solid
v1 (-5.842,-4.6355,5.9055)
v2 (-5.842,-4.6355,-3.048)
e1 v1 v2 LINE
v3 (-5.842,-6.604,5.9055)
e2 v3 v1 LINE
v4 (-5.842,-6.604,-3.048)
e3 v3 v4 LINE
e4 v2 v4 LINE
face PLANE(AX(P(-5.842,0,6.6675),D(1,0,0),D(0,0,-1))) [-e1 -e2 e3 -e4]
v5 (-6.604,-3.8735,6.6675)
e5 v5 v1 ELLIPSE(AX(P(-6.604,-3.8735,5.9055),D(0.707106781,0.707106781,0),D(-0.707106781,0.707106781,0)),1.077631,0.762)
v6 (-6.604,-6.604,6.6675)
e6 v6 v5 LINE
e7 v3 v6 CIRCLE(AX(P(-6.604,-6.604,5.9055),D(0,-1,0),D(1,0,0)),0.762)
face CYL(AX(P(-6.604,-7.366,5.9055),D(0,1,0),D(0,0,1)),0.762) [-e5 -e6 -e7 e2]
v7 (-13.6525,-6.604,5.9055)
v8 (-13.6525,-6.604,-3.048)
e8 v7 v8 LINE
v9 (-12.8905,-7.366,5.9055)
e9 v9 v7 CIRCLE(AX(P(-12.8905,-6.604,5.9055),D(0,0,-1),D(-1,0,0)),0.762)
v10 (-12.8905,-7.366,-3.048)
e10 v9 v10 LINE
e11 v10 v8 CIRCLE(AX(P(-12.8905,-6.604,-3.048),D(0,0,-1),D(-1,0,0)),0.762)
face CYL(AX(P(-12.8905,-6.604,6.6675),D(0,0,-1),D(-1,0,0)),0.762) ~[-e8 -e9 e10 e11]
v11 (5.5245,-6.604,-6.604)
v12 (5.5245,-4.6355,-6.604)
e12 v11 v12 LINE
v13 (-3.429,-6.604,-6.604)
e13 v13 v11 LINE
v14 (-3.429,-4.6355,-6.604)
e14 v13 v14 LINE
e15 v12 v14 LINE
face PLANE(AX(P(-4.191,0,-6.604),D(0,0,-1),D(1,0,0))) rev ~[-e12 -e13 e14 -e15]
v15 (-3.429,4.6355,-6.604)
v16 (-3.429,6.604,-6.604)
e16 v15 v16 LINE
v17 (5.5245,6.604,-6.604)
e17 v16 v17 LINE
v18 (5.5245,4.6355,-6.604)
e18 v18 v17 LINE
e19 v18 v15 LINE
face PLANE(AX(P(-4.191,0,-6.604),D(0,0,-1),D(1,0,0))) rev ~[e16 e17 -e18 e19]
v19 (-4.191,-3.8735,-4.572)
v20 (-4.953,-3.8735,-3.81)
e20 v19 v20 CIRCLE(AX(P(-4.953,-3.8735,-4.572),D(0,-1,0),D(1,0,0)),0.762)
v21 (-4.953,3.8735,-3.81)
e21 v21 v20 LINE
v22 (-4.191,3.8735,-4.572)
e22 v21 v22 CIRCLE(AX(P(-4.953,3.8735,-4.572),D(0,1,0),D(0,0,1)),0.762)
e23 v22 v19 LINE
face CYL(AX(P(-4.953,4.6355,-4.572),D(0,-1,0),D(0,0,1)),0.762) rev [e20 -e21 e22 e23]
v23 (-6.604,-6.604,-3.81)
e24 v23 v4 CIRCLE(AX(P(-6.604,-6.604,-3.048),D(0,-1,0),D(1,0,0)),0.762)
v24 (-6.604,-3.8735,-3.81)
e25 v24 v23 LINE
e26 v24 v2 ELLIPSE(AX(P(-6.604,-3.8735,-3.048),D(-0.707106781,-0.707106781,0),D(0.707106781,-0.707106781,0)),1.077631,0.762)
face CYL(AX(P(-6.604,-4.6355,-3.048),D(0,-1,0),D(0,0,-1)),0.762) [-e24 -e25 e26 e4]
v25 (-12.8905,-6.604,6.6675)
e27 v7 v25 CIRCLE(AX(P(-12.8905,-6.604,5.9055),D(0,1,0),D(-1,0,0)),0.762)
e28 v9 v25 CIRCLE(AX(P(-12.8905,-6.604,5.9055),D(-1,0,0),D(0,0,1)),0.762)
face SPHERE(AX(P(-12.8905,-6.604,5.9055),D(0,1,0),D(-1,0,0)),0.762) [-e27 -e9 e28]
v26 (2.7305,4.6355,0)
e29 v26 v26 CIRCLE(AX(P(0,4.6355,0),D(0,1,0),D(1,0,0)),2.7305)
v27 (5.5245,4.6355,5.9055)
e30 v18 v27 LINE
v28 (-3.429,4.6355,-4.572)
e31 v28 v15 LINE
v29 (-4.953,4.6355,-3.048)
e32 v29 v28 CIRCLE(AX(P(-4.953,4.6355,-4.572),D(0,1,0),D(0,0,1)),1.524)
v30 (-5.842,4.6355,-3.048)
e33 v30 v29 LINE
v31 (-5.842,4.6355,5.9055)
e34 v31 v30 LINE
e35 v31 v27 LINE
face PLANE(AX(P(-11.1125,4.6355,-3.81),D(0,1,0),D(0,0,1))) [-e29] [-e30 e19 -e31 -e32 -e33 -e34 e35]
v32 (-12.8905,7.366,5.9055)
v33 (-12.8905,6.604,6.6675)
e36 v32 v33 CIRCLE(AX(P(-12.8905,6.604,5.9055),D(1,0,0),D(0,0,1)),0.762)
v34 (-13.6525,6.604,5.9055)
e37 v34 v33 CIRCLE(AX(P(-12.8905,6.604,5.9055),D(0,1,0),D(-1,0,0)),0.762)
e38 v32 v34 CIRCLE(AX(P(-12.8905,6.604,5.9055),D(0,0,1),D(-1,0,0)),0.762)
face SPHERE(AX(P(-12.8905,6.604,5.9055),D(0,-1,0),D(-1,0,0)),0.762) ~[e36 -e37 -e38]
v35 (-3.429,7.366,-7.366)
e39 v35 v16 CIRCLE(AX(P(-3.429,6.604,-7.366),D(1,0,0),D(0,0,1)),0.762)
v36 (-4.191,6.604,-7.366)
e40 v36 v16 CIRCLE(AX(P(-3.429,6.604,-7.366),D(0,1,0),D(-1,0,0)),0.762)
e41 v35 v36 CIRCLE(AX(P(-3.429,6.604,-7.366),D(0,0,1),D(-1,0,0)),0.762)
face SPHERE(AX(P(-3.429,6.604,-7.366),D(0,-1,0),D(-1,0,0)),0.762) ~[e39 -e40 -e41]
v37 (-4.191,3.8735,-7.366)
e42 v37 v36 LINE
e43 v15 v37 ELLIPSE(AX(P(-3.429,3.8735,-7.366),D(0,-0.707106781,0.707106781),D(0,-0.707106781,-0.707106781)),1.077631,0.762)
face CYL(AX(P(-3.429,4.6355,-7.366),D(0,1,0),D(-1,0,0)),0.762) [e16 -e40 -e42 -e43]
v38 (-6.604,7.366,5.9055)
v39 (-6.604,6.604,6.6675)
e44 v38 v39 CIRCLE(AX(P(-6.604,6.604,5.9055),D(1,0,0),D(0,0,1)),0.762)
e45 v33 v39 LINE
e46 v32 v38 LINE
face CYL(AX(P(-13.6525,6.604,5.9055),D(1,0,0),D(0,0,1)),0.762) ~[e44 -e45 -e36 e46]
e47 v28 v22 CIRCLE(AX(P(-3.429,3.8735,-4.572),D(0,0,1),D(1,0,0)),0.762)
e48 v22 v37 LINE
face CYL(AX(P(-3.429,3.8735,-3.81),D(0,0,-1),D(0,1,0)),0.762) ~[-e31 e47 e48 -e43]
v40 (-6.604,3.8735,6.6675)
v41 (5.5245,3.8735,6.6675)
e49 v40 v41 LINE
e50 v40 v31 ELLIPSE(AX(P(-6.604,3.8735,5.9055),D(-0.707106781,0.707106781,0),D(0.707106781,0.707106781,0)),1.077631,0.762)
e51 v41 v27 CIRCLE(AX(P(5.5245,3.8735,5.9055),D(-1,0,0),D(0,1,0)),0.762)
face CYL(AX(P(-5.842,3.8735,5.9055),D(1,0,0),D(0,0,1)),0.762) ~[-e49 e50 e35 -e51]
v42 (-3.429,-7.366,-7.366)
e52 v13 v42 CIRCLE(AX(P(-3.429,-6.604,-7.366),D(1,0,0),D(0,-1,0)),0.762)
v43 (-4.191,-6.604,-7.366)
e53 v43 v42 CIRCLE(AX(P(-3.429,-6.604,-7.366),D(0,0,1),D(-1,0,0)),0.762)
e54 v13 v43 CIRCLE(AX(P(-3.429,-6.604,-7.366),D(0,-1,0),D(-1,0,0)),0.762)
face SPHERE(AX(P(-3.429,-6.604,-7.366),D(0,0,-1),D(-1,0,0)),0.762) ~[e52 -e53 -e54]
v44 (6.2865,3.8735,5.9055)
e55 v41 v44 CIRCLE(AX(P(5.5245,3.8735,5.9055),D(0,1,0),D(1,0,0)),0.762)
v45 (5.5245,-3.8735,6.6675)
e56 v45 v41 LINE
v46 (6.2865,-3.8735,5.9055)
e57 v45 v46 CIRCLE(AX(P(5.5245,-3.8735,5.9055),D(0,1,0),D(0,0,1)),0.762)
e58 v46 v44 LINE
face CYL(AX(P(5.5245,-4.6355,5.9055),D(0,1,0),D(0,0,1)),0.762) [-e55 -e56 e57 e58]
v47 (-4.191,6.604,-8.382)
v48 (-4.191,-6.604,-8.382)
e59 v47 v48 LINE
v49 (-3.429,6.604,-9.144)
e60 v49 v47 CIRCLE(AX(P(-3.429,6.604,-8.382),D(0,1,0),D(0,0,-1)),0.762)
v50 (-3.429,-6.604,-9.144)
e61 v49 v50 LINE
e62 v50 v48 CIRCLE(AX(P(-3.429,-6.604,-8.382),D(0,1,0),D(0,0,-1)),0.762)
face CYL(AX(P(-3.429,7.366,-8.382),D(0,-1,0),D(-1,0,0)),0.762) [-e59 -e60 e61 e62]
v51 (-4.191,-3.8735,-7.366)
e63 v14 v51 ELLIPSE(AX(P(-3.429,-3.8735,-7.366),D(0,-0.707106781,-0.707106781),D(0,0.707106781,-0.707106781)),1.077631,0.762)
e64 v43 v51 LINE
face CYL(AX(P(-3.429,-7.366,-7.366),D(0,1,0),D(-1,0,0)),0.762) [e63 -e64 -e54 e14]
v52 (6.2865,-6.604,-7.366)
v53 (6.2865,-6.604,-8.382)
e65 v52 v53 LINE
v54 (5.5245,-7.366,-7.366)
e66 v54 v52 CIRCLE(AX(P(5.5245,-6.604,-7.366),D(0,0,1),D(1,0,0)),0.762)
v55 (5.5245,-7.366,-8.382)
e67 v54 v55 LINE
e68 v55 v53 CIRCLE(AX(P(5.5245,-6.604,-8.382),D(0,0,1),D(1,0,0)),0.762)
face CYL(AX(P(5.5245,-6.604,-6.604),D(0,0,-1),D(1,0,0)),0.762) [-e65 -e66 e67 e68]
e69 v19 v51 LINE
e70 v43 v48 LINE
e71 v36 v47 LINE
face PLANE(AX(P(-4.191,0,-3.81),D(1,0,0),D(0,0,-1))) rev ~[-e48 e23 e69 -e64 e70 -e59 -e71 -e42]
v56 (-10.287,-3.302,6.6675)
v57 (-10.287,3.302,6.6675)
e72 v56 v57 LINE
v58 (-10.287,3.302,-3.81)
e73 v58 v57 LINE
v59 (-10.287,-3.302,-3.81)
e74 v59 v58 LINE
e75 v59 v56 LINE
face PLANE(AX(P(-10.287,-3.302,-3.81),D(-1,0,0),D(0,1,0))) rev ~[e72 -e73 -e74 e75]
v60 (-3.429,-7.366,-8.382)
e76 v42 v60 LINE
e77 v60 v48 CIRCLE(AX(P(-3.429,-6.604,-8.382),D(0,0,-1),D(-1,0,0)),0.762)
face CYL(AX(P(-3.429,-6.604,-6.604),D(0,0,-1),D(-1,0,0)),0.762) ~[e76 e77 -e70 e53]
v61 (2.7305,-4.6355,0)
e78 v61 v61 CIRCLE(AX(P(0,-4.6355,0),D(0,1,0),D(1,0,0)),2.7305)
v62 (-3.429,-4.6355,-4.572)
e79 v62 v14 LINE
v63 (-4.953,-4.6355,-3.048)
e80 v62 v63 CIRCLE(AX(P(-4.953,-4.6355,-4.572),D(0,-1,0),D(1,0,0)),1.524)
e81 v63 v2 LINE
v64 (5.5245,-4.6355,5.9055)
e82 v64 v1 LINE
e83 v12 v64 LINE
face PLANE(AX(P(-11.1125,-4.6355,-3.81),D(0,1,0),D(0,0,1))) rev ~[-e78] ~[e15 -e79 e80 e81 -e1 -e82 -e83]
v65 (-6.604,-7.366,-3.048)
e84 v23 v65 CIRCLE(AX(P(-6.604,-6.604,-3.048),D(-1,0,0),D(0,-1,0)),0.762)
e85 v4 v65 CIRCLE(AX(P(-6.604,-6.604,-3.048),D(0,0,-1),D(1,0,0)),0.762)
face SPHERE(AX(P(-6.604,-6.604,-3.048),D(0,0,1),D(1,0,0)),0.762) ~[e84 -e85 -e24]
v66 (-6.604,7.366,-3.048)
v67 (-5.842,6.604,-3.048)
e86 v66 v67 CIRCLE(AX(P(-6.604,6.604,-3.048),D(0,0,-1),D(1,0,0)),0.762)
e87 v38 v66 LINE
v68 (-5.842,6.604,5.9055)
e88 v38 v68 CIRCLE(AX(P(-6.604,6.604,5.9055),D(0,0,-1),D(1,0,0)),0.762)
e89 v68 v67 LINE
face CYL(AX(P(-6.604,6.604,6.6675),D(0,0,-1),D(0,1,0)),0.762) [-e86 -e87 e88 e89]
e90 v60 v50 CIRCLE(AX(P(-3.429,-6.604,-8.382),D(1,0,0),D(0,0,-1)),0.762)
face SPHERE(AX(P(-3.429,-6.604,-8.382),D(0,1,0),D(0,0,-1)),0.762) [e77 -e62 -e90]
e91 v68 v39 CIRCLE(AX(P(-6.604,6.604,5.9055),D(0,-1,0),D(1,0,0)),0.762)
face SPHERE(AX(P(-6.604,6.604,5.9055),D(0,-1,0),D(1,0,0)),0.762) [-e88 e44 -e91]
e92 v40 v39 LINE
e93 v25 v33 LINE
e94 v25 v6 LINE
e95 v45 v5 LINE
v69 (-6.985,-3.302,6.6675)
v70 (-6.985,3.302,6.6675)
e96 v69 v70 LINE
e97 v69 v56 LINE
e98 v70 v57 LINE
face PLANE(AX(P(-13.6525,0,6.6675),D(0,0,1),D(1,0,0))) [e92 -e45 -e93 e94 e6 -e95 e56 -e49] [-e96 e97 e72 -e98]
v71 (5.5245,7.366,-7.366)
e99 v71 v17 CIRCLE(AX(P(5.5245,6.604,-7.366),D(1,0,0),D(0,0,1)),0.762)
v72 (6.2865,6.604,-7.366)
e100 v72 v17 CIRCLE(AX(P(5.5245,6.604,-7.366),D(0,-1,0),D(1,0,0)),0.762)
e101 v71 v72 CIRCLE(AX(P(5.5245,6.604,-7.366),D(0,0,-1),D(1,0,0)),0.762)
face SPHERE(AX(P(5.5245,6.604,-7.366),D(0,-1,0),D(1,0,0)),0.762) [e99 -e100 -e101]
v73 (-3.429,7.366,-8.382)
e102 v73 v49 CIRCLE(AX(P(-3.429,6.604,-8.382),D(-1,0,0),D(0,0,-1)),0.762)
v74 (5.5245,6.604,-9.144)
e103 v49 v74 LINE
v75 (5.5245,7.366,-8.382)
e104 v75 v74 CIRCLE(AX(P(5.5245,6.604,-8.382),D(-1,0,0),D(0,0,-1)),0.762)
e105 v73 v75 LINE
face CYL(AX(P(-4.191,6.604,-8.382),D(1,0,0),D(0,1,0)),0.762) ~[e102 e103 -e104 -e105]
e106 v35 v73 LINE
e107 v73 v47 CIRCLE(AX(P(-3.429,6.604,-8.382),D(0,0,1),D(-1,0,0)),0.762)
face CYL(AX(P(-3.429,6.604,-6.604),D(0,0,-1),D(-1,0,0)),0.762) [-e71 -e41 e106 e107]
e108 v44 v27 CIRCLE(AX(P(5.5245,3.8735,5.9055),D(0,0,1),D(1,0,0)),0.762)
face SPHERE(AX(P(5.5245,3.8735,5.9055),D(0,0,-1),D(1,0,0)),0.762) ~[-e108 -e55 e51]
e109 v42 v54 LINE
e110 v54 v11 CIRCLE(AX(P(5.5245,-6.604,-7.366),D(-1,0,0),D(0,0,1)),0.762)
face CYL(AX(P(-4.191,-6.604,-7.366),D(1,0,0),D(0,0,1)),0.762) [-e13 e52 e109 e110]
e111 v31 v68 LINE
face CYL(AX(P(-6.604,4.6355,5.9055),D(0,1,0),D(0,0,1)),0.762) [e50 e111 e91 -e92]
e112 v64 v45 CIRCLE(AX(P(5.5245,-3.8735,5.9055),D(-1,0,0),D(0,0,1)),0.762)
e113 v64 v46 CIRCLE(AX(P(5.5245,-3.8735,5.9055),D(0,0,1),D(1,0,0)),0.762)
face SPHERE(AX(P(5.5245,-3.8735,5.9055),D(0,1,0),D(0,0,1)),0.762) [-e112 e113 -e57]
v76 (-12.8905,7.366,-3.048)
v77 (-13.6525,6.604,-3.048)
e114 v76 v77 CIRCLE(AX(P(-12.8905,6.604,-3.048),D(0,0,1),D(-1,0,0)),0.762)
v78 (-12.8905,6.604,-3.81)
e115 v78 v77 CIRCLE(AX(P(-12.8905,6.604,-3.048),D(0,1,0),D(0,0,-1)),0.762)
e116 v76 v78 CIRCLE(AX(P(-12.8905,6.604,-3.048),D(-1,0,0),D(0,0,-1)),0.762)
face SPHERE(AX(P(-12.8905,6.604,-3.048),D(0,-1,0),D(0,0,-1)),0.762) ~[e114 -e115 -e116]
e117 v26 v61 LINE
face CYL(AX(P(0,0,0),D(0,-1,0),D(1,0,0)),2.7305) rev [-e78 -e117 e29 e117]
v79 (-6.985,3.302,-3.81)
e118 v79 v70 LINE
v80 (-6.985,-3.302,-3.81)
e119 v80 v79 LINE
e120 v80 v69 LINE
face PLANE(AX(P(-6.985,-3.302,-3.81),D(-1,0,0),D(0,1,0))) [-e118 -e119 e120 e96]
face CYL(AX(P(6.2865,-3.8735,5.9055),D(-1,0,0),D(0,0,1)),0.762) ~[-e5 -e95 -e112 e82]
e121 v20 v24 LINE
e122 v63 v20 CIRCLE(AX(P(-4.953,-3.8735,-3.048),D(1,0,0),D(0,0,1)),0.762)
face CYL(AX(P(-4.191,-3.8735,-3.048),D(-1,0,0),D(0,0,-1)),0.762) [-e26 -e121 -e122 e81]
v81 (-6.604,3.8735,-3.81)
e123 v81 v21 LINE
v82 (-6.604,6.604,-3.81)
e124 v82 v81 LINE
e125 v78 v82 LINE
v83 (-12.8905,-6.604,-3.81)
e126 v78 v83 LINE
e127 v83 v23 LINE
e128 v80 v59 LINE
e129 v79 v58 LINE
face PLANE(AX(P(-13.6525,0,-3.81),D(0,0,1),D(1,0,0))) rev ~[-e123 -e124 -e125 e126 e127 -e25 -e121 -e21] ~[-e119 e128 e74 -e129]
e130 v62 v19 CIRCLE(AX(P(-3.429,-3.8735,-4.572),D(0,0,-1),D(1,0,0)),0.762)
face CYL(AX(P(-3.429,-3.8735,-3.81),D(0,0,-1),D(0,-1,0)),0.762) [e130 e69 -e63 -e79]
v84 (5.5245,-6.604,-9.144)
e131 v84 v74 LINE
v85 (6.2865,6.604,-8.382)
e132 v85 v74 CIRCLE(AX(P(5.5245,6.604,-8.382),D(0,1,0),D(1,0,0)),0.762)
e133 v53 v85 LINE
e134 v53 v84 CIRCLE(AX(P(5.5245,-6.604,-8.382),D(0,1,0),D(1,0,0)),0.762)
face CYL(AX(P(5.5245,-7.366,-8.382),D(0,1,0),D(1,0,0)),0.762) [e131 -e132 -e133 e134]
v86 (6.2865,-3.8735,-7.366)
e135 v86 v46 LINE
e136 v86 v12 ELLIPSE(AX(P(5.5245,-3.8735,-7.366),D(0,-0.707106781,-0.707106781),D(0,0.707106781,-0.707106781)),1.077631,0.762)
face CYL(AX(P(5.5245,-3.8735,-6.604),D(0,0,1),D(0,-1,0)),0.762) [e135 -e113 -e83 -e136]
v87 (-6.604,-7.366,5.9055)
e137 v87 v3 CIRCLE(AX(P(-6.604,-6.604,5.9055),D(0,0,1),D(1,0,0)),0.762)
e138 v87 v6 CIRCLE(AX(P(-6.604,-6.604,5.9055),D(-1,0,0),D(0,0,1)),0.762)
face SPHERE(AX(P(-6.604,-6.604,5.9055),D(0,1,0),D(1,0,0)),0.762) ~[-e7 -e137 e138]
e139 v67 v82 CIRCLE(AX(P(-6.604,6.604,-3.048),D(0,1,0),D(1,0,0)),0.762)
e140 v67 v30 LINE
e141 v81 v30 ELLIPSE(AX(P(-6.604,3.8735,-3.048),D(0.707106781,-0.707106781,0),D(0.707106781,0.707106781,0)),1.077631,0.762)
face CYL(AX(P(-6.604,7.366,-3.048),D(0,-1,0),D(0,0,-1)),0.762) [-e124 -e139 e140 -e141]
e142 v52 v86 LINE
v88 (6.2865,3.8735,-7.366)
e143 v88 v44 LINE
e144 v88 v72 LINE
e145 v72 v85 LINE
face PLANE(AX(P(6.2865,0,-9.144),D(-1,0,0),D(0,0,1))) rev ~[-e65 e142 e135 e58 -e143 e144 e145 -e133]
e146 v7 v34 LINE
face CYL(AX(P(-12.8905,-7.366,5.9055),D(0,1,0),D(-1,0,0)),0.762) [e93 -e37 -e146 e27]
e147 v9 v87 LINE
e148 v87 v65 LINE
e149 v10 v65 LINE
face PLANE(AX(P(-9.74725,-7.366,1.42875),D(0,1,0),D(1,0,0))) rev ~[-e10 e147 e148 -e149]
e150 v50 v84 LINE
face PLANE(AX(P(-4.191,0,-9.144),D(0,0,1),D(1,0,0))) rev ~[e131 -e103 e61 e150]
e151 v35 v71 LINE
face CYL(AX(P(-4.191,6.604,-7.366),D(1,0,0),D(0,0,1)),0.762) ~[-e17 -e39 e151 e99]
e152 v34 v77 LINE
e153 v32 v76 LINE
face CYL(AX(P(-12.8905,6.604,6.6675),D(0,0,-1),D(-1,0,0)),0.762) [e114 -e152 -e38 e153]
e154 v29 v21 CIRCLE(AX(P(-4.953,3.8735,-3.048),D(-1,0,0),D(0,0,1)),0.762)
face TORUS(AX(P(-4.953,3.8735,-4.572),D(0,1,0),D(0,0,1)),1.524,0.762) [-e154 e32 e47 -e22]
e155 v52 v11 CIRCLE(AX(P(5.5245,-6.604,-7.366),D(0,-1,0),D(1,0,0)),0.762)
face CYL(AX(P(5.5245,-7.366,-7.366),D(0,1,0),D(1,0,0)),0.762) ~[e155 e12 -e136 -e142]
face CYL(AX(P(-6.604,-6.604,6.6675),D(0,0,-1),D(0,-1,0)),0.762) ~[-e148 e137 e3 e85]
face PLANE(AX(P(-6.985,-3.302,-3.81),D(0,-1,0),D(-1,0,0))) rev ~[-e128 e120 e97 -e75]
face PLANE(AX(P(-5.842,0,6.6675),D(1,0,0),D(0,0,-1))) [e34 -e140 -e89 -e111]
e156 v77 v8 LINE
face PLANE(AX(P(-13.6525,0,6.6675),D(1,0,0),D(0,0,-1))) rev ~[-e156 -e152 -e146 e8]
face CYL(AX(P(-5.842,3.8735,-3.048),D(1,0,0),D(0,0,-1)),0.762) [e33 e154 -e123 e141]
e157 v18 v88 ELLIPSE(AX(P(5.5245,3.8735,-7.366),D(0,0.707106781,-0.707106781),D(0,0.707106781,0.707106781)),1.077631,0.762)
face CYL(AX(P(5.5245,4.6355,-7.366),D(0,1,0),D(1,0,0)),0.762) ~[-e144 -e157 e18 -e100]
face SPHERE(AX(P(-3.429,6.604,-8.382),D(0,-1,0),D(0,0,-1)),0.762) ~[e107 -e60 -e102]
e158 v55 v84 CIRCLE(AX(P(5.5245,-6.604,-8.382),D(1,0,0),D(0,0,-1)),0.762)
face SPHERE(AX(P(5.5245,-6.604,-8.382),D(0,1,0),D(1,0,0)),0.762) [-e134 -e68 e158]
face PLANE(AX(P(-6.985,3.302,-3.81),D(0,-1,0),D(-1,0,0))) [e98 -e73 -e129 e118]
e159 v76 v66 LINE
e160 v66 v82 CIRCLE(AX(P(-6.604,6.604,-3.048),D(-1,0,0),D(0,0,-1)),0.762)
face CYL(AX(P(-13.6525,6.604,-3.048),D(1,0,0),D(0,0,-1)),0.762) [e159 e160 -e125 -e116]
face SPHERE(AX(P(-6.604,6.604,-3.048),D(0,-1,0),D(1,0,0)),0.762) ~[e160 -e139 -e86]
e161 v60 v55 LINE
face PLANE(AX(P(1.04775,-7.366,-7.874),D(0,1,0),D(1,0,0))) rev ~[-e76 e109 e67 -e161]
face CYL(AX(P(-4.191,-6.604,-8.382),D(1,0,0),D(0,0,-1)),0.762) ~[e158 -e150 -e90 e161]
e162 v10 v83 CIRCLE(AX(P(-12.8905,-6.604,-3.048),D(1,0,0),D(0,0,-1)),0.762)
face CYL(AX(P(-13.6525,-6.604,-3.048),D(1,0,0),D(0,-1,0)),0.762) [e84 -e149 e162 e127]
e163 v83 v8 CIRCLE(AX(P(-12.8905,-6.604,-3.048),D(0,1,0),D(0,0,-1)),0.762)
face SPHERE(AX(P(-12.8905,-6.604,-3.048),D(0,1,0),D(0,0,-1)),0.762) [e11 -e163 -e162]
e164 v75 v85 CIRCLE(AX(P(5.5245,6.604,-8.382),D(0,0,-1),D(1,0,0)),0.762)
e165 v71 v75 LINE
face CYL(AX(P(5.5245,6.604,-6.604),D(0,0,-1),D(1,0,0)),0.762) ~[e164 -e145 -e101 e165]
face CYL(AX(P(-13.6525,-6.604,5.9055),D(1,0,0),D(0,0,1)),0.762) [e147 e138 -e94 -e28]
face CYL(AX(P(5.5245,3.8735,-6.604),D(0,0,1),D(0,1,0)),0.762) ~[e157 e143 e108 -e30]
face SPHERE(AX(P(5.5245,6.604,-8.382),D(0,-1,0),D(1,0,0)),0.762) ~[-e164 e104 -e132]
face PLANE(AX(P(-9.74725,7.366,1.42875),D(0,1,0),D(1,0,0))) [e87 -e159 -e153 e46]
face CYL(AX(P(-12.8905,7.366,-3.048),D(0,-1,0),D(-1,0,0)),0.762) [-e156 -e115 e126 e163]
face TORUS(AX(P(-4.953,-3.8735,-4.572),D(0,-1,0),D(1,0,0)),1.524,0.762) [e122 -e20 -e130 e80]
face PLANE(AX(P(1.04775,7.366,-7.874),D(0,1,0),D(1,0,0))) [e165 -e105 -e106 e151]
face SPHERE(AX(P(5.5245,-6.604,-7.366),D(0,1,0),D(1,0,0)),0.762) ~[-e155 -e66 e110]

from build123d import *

# Parameters (mm, degrees)
SKETCH1_R           = 2.7305
BOSS_EXTRUDE1_DEPTH = 4.6355
SKETCH2_W           = 10.4775
SKETCH2_H           = 9.271
BOSS_EXTRUDE2_DEPTH = 2.54
SKETCH3_W           = 10.4775
SKETCH3_H           = 2.54
SKETCH3_W_2         = 7.8105
SKETCH3_H_2         = 10.4775
BOSS_EXTRUDE3_DEPTH = 7.366
SKETCH4_W           = 3.302
SKETCH4_H           = 6.604
CUT_EXTRUDE1_DEPTH  = 10.4775
FILLET1_R           = 0.762


with BuildPart() as part:
    # Sketch1 → Boss-Extrude1 (new body, symmetric)
    with BuildSketch(Plane(origin=(0, 0, 0), x_dir=(1, 0, 0), z_dir=(0, 1, 0))):
        Polygon((-11.1125, 3.81), (-4.191, 3.81), (-4.191, 9.144), (6.2865, 9.144), (6.2865, -6.6675), (-11.1125, -6.6675), align=None)
        Circle(SKETCH1_R, mode=Mode.SUBTRACT)
    extrude(amount=BOSS_EXTRUDE1_DEPTH, both=True)

    # Sketch2 → Boss-Extrude2 (add)
    with BuildSketch(Plane.ZY.offset(11.1125)):
        with Locations((1.42875, 0)):
            Rectangle(SKETCH2_W, SKETCH2_H)
    extrude(amount=BOSS_EXTRUDE2_DEPTH)

    # Sketch3 → Boss-Extrude3 (add, symmetric)
    with BuildSketch(Plane(origin=(0, 0, 0), x_dir=(1, 0, 0), z_dir=(0, 1, 0))):
        with Locations((1.04775, 7.874)):
            Rectangle(SKETCH3_W, SKETCH3_H)
        with Locations((-9.74725, -1.42875)):
            Rectangle(SKETCH3_W_2, SKETCH3_H_2)
    extrude(amount=BOSS_EXTRUDE3_DEPTH, both=True)

    # Sketch4 → Cut-Extrude1 (cut)
    with BuildSketch(Plane(origin=(0, 0, -3.81), x_dir=(-1, 0, 0), z_dir=(0, 0, -1))):
        with Locations((8.636, 0)):
            Rectangle(SKETCH4_W, SKETCH4_H)
    extrude(amount=-CUT_EXTRUDE1_DEPTH, mode=Mode.SUBTRACT)

    # Fillet1
    fillet1_edges = [part.edges().sort_by_distance(p)[0] for p in [
        (6.2865, 4.6355, 0.03175),
        (-4.191, 0, -3.81),
        (-4.191, 0, -9.144),
        (6.2865, 0, -9.144),
        (6.2865, 0, 6.6675),
        (-5.0165, 4.6355, -3.81),
        (-13.6525, 0, -3.81),
        (-13.6525, 0, 6.6675),
        (-4.191, -4.6355, -5.207),
        (-4.191, 4.6355, -5.207),
        (6.2865, 6.00075, -6.604),
        (-4.191, 6.00075, -6.604),
        (6.2865, -6.00075, -6.604),
        (6.2865, -7.366, -7.874),
        (1.04775, -7.366, -9.144),
        (-4.191, -7.366, -7.874),
        (-4.191, -6.00075, -6.604),
        (1.04775, -7.366, -6.604),
        (6.2865, 7.366, -7.874),
        (1.04775, 7.366, -9.144),
        (-4.191, 7.366, -7.874),
        (1.04775, 7.366, -6.604),
        (0.22225, -4.6355, 6.6675),
        (0.22225, 4.6355, 6.6675),
        (-5.842, 6.00075, 6.6675),
        (-5.842, 6.00075, -3.81),
        (-5.842, -6.00075, 6.6675),
        (-5.842, -7.366, 1.42875),
        (-5.842, -6.00075, -3.81),
        (-9.74725, -7.366, -3.81),
        (-13.6525, -7.366, 1.42875),
        (-9.74725, -7.366, 6.6675),
        (-5.0165, -4.6355, -3.81),
        (-5.842, 7.366, 1.42875),
        (-9.74725, 7.366, -3.81),
        (-13.6525, 7.366, 1.42875),
        (-9.74725, 7.366, 6.6675),
        (6.2865, -4.6355, 0.03175),
    ]]
    fillet(fillet1_edges, radius=FILLET1_R)


solid = part.part
